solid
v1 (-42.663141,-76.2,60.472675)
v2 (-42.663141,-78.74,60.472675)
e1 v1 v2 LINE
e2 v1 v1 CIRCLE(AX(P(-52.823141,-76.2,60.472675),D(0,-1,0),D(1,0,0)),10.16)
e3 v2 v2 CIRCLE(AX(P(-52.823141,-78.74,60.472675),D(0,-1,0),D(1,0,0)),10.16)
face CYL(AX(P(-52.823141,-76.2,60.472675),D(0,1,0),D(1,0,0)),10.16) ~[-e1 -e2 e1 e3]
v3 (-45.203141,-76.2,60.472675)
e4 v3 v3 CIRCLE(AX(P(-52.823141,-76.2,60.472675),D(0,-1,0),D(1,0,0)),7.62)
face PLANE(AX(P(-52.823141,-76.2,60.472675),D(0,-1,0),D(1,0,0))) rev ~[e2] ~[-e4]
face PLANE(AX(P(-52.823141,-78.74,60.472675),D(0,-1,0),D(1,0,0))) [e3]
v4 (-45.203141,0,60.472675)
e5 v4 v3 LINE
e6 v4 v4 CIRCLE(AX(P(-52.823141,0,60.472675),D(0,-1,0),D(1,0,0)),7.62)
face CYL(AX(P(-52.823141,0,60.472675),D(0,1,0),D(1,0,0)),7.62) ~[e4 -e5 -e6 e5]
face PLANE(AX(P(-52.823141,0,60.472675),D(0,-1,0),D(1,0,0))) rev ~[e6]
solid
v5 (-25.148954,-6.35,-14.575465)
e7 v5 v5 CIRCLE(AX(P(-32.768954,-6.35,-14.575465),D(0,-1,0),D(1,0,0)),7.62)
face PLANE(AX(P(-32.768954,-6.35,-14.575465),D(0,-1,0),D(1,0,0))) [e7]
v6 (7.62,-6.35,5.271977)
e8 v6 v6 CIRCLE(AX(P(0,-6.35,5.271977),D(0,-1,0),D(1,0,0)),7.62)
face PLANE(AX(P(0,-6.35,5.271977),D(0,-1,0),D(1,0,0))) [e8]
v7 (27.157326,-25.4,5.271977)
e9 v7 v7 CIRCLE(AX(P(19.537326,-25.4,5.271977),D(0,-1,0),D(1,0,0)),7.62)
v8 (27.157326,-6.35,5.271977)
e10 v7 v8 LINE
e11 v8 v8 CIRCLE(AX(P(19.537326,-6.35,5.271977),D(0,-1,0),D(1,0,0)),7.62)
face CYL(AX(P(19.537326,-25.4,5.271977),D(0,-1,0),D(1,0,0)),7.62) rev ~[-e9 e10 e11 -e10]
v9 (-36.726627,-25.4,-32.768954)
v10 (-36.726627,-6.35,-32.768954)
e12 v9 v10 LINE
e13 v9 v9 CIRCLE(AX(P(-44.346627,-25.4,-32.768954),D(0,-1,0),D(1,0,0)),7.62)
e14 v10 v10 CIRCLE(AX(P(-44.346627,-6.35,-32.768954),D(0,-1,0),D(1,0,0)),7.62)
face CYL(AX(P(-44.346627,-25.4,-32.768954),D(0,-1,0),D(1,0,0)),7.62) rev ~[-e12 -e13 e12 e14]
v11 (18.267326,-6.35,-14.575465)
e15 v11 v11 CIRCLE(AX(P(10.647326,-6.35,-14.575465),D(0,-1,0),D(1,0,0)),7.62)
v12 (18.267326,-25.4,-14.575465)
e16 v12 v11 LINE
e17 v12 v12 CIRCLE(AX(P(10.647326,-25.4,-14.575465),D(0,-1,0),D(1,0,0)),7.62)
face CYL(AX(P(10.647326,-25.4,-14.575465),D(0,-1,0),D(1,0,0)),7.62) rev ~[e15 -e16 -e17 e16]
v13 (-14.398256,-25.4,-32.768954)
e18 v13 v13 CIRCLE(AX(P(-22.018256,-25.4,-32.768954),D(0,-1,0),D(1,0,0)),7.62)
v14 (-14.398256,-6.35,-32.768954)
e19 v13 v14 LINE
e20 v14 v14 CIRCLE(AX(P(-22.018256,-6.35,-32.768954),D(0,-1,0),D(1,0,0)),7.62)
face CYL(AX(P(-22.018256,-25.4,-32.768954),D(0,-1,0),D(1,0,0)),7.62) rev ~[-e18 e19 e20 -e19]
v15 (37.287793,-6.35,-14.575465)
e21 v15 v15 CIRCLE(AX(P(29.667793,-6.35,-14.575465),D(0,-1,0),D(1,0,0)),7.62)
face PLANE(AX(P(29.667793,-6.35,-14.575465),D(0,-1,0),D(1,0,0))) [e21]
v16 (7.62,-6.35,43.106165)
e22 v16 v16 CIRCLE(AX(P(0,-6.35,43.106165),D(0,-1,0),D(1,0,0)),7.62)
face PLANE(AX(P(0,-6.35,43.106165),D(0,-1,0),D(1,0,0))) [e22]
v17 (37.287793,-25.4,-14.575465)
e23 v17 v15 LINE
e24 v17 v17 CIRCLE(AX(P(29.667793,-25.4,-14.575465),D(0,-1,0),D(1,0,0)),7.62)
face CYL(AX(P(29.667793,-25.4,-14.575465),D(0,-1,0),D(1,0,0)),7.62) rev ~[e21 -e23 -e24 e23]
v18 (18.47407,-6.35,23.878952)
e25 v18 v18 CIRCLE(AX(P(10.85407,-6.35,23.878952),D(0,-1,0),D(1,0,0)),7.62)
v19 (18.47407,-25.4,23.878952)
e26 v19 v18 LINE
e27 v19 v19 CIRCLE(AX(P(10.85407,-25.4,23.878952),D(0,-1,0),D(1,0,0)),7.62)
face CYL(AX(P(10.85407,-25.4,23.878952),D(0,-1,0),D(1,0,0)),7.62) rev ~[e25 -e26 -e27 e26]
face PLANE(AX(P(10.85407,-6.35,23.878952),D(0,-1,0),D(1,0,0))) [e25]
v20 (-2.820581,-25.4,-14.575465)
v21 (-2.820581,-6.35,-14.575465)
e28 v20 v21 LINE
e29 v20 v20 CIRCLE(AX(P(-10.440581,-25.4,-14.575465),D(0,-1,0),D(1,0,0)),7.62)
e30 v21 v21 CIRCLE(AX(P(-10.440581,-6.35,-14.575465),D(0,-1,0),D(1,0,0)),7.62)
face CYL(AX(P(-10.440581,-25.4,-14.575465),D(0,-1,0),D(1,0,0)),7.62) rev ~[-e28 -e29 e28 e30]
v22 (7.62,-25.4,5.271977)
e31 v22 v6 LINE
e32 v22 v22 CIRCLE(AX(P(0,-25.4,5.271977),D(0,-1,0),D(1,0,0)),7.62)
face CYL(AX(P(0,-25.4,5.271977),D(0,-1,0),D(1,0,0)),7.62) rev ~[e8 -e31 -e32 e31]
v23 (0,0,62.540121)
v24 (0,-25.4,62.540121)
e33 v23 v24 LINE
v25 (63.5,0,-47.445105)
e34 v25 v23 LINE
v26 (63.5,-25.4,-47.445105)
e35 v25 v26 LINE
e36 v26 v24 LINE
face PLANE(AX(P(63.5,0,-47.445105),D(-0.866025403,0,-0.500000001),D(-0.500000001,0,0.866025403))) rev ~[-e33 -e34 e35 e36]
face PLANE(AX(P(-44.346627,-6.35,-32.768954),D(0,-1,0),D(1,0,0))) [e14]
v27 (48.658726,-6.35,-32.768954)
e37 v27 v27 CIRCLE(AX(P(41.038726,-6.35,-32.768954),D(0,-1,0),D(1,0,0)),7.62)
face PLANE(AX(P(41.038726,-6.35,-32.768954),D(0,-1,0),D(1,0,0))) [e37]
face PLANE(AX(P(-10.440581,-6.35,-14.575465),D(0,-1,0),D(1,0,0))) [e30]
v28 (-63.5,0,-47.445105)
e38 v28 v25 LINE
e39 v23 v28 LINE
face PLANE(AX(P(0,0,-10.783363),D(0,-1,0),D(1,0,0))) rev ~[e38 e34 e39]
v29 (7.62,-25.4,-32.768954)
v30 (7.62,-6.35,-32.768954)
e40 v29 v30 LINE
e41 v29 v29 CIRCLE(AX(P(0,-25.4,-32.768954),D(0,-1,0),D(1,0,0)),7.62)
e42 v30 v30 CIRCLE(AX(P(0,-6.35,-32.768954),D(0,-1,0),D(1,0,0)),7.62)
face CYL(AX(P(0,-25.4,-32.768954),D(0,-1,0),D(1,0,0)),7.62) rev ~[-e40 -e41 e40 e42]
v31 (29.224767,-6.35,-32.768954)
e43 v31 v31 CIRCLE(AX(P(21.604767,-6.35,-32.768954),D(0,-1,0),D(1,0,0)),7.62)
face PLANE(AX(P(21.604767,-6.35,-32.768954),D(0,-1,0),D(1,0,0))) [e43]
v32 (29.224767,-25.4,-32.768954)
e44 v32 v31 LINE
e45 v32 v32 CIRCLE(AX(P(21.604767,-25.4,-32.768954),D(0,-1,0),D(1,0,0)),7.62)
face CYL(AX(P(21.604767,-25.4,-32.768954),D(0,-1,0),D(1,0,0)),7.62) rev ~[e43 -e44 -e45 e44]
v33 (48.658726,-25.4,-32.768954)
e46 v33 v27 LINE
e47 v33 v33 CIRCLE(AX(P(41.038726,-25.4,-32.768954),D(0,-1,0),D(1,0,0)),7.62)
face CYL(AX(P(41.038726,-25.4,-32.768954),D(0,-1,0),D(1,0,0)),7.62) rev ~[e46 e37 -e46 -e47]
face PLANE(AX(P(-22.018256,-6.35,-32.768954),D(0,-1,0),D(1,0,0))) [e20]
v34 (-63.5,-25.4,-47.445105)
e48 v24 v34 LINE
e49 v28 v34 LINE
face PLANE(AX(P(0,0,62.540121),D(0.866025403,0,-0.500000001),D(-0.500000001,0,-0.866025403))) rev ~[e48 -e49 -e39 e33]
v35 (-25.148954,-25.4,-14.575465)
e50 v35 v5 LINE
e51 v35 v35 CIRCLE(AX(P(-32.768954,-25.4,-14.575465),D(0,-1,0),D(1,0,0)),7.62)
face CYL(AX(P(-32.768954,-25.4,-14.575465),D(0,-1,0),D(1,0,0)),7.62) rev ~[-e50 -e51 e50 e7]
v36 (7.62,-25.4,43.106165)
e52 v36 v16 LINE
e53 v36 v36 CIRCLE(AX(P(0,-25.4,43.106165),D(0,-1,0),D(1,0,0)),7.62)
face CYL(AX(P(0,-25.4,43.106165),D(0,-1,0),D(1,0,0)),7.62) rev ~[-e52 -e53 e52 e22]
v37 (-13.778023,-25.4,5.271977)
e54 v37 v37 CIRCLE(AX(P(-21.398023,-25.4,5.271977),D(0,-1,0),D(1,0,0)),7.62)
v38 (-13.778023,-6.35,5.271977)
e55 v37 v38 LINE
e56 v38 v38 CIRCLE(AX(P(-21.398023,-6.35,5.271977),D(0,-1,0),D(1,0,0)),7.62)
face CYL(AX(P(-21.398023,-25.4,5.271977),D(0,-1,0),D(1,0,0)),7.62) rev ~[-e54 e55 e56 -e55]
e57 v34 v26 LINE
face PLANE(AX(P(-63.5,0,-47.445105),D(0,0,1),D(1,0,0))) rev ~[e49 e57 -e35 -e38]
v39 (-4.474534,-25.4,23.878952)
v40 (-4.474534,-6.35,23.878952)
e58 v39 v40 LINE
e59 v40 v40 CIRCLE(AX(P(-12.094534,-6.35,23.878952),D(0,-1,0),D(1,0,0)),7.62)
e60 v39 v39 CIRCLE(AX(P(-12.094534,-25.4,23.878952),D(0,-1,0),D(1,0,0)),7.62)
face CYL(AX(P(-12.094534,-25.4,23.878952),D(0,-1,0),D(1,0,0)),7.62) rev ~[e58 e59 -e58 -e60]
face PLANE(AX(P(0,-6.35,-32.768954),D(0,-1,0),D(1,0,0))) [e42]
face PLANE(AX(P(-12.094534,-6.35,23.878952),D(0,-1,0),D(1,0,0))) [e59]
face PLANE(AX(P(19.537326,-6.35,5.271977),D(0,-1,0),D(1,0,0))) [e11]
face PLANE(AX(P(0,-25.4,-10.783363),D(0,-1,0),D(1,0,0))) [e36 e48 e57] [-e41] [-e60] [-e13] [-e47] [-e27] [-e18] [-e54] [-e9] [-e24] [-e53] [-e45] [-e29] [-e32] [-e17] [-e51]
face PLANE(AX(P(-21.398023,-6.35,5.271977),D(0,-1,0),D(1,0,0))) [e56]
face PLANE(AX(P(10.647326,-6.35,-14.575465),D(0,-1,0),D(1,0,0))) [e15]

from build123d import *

# Parameters (mm, degrees)
F1_DEPTH = 25.4
F2_R     = 7.62
F3_DEPTH = 19.05
F4_R     = 7.62
F5_DEPTH = 76.2
F6_R     = 7.62
F6_R_2   = 10.16
F7_DEPTH = 2.54


with BuildPart() as f1:
    # F0 (on Front) → F1 (new body)
    with BuildSketch(Plane.XZ):
        Polygon((63.5, -47.445105), (0, 62.540121), (-63.5, -47.445105), align=None)
    extrude(amount=F1_DEPTH)

    # F2 (on face) → F3 (cut)
    with BuildSketch(Plane.XZ.offset(25.4)):
        with Locations((0, 43.106165)):
            Circle(F2_R)
        with Locations((-12.094534, 23.878952)):
            Circle(F2_R)
        with Locations((10.85407, 23.878952)):
            Circle(F2_R)
        with Locations((0, 5.271977)):
            Circle(F2_R)
        with Locations((-21.398023, 5.271977)):
            Circle(F2_R)
        with Locations((19.537326, 5.271977)):
            Circle(F2_R)
        with Locations((-32.768954, -14.575465)):
            Circle(F2_R)
        with Locations((-10.440581, -14.575465)):
            Circle(F2_R)
        with Locations((10.647326, -14.575465)):
            Circle(F2_R)
        with Locations((29.667793, -14.575465)):
            Circle(F2_R)
        with Locations((0, -32.768954)):
            Circle(F2_R)
        with Locations((21.604767, -32.768954)):
            Circle(F2_R)
        with Locations((41.038726, -32.768954)):
            Circle(F2_R)
        with Locations((-22.018256, -32.768954)):
            Circle(F2_R)
        with Locations((-44.346627, -32.768954)):
            Circle(F2_R)
    extrude(amount=-F3_DEPTH, mode=Mode.SUBTRACT)


with BuildPart() as f5:
    # F4 (on Front) → F5 (new body)
    with BuildSketch(Plane.XZ):
        with Locations((-52.823141, 60.472675)):
            Circle(F4_R)
    extrude(amount=F5_DEPTH)

    # F6 (on face) → F7 (join)
    with BuildSketch(Plane.XZ.offset(76.2)):
        with Locations((-52.823141, 60.472675)):
            Circle(F6_R)
        with Locations((-52.823141, 60.472675)):
            Circle(F6_R_2)
    extrude(amount=F7_DEPTH)


solid = Compound([f1.part, f5.part])
